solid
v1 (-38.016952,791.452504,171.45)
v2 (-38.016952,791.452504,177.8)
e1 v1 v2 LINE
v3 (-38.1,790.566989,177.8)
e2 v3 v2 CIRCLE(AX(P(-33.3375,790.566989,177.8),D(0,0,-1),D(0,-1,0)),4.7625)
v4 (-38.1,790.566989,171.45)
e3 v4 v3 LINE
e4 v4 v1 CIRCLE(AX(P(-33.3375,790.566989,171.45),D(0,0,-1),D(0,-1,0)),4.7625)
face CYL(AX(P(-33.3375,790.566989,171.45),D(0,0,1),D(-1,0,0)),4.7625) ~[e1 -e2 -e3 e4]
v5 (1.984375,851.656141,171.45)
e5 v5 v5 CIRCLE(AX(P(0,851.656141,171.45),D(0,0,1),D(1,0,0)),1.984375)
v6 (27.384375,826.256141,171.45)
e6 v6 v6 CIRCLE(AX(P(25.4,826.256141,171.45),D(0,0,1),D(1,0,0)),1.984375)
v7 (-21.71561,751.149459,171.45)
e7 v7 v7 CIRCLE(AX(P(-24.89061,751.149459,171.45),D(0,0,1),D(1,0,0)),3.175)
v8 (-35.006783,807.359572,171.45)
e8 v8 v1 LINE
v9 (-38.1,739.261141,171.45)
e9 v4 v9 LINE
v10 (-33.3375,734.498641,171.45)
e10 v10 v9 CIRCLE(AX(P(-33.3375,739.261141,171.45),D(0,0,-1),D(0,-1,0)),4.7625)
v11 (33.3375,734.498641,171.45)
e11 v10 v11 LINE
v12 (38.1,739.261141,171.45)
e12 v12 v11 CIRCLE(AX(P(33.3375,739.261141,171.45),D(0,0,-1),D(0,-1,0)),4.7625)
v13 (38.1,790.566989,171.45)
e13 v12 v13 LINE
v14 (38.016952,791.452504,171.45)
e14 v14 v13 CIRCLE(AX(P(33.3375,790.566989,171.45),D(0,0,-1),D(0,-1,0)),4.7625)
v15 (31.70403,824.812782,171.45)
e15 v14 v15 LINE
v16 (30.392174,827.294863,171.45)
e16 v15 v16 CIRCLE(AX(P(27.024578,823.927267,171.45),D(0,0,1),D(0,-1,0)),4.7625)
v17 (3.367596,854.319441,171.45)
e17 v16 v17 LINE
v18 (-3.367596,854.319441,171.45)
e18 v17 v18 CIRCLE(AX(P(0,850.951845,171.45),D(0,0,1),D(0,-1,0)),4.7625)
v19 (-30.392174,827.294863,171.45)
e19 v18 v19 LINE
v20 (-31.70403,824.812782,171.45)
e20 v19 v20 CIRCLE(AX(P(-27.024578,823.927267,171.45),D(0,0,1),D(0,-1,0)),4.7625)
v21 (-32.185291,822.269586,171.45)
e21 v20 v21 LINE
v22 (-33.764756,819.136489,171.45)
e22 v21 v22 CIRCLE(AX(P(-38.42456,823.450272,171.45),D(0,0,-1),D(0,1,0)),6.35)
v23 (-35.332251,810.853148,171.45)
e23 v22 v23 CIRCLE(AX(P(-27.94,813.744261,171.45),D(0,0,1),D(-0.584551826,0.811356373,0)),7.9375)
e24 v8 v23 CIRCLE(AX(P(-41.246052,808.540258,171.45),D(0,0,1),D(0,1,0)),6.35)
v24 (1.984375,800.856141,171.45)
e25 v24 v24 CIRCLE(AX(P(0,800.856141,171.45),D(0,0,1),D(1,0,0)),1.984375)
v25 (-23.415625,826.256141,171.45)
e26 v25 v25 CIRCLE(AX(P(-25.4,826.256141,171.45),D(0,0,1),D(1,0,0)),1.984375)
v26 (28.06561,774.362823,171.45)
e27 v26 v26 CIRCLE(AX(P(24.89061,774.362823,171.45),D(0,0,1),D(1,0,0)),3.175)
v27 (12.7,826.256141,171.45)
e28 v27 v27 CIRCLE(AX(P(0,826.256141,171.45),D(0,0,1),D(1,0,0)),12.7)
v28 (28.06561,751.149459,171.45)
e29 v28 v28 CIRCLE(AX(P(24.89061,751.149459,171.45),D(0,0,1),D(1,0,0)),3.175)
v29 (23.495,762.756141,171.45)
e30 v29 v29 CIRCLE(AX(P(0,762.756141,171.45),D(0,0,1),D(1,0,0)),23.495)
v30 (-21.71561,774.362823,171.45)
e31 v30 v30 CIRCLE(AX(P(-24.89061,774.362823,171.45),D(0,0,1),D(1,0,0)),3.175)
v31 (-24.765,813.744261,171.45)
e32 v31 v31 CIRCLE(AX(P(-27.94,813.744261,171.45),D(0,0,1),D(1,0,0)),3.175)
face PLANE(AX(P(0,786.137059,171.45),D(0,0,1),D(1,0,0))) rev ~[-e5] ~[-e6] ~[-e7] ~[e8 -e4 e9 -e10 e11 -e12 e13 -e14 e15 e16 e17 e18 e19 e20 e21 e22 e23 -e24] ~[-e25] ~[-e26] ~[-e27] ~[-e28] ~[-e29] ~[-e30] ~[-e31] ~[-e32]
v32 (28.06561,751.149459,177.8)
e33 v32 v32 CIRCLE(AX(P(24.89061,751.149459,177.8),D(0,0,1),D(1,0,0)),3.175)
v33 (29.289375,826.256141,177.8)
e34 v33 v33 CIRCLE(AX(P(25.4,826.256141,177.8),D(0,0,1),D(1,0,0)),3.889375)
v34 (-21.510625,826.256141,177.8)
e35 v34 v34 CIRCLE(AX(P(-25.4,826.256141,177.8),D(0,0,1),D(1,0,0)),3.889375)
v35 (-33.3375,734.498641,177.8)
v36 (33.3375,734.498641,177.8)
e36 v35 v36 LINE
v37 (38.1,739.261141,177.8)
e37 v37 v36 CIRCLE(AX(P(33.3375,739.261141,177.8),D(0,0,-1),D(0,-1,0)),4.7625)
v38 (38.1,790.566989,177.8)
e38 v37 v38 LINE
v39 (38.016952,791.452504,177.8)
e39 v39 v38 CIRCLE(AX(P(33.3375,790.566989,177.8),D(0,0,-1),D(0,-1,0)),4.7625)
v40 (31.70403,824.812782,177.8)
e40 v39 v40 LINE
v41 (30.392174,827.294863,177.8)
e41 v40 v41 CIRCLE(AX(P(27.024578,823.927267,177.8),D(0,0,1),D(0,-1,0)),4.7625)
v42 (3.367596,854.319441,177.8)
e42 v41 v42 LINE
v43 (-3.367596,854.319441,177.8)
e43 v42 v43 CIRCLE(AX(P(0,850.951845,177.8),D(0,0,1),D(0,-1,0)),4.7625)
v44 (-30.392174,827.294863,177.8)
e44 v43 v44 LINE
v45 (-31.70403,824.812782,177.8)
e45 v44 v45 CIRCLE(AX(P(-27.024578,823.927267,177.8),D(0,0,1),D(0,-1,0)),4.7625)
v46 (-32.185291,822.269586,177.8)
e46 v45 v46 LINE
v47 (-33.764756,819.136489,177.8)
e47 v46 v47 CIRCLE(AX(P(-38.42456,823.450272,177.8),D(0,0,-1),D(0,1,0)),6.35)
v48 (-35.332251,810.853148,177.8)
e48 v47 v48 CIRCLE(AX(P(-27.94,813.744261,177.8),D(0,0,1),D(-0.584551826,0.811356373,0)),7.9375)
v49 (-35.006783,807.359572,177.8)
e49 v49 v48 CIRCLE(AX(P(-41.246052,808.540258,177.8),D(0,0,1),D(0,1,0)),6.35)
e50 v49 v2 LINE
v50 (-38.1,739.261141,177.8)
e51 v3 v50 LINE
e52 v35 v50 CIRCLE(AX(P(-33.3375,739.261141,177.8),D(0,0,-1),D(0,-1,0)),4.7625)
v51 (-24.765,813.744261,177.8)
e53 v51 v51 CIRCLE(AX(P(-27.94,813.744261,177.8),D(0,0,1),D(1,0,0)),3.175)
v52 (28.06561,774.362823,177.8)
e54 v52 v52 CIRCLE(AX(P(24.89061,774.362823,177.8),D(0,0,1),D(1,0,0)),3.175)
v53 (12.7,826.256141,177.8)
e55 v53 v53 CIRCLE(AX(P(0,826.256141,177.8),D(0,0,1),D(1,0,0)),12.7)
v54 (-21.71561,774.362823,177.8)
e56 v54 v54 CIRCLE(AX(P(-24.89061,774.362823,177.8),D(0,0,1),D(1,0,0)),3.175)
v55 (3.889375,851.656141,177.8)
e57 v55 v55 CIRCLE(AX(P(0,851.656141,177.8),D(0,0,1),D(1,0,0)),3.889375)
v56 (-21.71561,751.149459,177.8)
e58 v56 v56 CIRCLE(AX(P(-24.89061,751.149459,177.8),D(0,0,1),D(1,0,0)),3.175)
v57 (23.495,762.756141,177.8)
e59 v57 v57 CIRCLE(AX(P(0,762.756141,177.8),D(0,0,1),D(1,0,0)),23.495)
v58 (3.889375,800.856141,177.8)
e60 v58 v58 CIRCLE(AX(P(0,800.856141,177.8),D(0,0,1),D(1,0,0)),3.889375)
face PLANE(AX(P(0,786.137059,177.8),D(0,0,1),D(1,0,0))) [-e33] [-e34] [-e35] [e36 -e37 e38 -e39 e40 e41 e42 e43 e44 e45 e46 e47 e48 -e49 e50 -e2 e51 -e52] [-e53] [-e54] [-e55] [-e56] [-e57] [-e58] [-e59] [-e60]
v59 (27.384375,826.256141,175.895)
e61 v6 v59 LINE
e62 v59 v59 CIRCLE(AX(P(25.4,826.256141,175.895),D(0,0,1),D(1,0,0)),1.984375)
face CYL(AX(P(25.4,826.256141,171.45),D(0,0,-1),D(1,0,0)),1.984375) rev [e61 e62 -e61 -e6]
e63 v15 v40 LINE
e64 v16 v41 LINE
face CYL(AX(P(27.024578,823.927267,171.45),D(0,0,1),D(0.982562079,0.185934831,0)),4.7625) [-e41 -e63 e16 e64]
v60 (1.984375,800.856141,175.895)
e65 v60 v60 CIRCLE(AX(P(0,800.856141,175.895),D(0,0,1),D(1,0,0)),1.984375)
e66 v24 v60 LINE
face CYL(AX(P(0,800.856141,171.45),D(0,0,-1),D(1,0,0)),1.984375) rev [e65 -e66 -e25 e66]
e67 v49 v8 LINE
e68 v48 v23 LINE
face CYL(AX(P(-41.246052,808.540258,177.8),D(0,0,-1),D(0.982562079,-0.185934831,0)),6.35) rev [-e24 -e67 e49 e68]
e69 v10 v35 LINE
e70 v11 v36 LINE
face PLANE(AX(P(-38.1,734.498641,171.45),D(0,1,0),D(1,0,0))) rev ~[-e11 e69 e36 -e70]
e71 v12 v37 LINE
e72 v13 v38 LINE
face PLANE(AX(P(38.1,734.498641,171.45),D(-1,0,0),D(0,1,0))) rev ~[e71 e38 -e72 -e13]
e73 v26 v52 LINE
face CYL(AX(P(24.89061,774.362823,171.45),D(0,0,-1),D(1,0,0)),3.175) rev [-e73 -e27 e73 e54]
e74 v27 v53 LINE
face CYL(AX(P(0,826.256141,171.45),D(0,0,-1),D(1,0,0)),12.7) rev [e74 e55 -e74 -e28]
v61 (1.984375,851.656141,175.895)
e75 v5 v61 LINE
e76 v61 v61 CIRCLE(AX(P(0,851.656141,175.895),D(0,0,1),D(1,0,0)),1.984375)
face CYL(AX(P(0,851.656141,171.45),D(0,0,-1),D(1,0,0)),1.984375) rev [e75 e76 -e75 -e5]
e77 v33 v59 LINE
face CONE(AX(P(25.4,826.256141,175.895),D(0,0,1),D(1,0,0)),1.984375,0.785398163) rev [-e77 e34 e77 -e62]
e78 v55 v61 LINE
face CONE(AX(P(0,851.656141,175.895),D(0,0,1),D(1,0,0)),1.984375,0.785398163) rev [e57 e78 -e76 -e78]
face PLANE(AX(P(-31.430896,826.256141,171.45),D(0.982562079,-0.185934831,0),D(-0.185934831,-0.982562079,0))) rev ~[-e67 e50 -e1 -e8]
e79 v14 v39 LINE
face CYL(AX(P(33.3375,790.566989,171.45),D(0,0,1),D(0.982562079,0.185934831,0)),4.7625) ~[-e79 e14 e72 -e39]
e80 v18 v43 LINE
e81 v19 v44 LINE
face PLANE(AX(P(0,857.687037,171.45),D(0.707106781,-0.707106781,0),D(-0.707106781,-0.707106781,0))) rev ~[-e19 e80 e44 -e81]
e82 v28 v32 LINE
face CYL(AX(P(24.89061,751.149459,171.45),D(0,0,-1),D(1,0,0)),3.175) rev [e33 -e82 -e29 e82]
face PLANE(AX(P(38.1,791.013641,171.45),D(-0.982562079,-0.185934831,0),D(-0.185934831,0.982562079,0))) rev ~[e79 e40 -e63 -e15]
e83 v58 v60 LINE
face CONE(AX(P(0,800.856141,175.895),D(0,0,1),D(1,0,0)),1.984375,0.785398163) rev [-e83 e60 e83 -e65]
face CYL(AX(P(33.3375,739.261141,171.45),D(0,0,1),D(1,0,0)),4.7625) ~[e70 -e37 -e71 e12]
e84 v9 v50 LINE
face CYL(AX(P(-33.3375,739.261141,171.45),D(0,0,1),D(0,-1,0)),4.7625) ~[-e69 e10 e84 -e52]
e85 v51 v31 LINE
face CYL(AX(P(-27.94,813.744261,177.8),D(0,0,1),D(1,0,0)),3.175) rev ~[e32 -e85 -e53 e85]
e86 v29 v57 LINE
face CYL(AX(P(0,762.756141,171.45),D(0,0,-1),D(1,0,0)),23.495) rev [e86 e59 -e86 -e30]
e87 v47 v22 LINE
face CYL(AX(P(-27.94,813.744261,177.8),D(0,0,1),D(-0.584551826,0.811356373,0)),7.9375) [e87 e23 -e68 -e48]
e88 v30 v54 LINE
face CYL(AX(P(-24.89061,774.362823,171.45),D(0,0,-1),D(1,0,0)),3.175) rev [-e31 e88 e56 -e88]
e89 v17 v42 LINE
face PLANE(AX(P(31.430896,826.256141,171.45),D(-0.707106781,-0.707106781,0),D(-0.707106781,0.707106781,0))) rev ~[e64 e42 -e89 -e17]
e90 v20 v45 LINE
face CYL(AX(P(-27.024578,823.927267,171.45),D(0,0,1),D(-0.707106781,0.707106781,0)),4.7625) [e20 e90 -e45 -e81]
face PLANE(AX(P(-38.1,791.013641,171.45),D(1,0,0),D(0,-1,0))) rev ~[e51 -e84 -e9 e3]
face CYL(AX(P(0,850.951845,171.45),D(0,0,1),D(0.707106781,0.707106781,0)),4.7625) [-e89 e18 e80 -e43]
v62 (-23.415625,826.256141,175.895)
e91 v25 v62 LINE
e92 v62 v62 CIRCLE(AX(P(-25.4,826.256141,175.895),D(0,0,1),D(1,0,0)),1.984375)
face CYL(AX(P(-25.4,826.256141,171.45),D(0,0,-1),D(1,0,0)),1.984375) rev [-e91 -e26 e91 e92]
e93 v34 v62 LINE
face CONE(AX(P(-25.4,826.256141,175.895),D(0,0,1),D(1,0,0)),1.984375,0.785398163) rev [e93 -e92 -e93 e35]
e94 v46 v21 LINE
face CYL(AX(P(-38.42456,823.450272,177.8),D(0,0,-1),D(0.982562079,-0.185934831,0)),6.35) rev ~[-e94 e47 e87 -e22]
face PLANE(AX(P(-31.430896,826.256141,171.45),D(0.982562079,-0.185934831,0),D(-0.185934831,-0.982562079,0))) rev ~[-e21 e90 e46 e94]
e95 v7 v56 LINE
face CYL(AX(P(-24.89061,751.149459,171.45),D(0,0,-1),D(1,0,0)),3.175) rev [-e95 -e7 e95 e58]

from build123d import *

# Parameters (mm, degrees)
SKETCH1_R           = 23.495
SKETCH1_R_2         = 3.175
SKETCH1_R_3         = 12.7
SKETCH1_R_4         = 1.984375
BOSS_EXTRUDE1_DEPTH = 6.35
FILLET1_R           = 4.7625
SKETCH2_R           = 3.175
CUT_EXTRUDE1_DEPTH  = 6.35
SKETCH2_3_R         = 3.175
BOSS_EXTRUDE2_DEPTH = 6.35
FILLET2_R           = 6.35
CHAMFER1_SIZE       = 1.905


with BuildPart() as part:
    # Sketch1 → Boss-Extrude1 (new body)
    with BuildSketch(Plane.XY.offset(171.45)):
        Polygon((38.1, 791.013640976), (31.430896424, 826.256140976), (0, 857.6870374), (-31.430896424, 826.256140976), (-38.1, 791.013640976), (-38.1, 734.498640976), (38.1, 734.498640976), align=None)
        with Locations((0, 762.756140976)):
            Circle(SKETCH1_R, mode=Mode.SUBTRACT)
        with Locations((-24.890610486, 774.362823262)):
            Circle(SKETCH1_R_2, mode=Mode.SUBTRACT)
        with Locations((24.890610486, 774.362823262)):
            Circle(SKETCH1_R_2, mode=Mode.SUBTRACT)
        with Locations((0, 826.256140976)):
            Circle(SKETCH1_R_3, mode=Mode.SUBTRACT)
        with Locations((-25.4, 826.256140976)):
            Circle(SKETCH1_R_4, mode=Mode.SUBTRACT)
        with Locations((0, 851.656140976)):
            Circle(SKETCH1_R_4, mode=Mode.SUBTRACT)
        with Locations((25.4, 826.256140976)):
            Circle(SKETCH1_R_4, mode=Mode.SUBTRACT)
        with Locations((0, 800.856140976)):
            Circle(SKETCH1_R_4, mode=Mode.SUBTRACT)
        with Locations((24.890610486, 751.14945869)):
            Circle(SKETCH1_R_2, mode=Mode.SUBTRACT)
        with Locations((-24.890610486, 751.14945869)):
            Circle(SKETCH1_R_2, mode=Mode.SUBTRACT)
    extrude(amount=BOSS_EXTRUDE1_DEPTH)

    # Fillet1
    fillet1_edges = [part.edges().sort_by_distance(p)[0] for p in [
        (0, 857.6870374, 174.625),
        (31.430896424, 826.256140976, 174.625),
        (38.1, 791.013640976, 174.625),
        (38.1, 734.498640976, 174.625),
        (-38.1, 734.498640976, 174.625),
        (-38.1, 791.013640976, 174.625),
        (-31.430896424, 826.256140976, 174.625),
    ]]
    fillet(fillet1_edges, radius=FILLET1_R)

    # Sketch2 → Cut-Extrude1 (cut)
    with BuildSketch(Plane.XY.offset(177.8)):
        with Locations((-27.94, 813.744260544)):
            Circle(SKETCH2_R)
    extrude(amount=-CUT_EXTRUDE1_DEPTH, mode=Mode.SUBTRACT)

    # Sketch2<3> → Boss-Extrude2 (add)
    # profile 1 of 2: a face of its own
    with BuildSketch(Plane.XY.offset(177.8)):
        with BuildLine():
            ThreePointArc((-34.612193634, 809.444756111), (-25.699088435, 806.129654736), (-20.0025, 813.744260544))
            ThreePointArc((-20.0025, 813.744260544), (-24.322344832, 820.809419943), (-32.579880116, 820.18440175))
            Line((-32.579880116, 820.18440175), (-34.612193634, 809.444756111))
        make_face()
        with Locations((-27.94, 813.744260544)):
            Circle(SKETCH2_3_R, mode=Mode.SUBTRACT)
    # profile 2 of 2: a face of its own
    with BuildSketch(Plane.XY.offset(177.8)):
        with BuildLine():
            Line((-34.612193634, 809.444756111), (-32.579880116, 820.18440175))
            ThreePointArc((-32.579880116, 820.18440175), (-35.739086501, 815.220118263), (-34.612193634, 809.444756111))
        make_face()
    extrude(amount=-BOSS_EXTRUDE2_DEPTH)

    # Fillet2
    fillet2_edges = [part.edges().sort_by_distance(p)[0] for p in [
        (-32.579880116, 820.18440175, 174.625),
        (-34.612193634, 809.444756111, 174.625),
    ]]
    fillet(fillet2_edges, radius=FILLET2_R)

    # Chamfer1
    chamfer1_edges = [part.edges().sort_by_distance(p)[0] for p in [
        (-27.384375, 826.256140976, 177.8),
        (-1.984375, 851.656140976, 177.8),
        (23.415625, 826.256140976, 177.8),
        (-1.984375, 800.856140976, 177.8),
    ]]
    chamfer(chamfer1_edges, length=CHAMFER1_SIZE)


solid = part.part
